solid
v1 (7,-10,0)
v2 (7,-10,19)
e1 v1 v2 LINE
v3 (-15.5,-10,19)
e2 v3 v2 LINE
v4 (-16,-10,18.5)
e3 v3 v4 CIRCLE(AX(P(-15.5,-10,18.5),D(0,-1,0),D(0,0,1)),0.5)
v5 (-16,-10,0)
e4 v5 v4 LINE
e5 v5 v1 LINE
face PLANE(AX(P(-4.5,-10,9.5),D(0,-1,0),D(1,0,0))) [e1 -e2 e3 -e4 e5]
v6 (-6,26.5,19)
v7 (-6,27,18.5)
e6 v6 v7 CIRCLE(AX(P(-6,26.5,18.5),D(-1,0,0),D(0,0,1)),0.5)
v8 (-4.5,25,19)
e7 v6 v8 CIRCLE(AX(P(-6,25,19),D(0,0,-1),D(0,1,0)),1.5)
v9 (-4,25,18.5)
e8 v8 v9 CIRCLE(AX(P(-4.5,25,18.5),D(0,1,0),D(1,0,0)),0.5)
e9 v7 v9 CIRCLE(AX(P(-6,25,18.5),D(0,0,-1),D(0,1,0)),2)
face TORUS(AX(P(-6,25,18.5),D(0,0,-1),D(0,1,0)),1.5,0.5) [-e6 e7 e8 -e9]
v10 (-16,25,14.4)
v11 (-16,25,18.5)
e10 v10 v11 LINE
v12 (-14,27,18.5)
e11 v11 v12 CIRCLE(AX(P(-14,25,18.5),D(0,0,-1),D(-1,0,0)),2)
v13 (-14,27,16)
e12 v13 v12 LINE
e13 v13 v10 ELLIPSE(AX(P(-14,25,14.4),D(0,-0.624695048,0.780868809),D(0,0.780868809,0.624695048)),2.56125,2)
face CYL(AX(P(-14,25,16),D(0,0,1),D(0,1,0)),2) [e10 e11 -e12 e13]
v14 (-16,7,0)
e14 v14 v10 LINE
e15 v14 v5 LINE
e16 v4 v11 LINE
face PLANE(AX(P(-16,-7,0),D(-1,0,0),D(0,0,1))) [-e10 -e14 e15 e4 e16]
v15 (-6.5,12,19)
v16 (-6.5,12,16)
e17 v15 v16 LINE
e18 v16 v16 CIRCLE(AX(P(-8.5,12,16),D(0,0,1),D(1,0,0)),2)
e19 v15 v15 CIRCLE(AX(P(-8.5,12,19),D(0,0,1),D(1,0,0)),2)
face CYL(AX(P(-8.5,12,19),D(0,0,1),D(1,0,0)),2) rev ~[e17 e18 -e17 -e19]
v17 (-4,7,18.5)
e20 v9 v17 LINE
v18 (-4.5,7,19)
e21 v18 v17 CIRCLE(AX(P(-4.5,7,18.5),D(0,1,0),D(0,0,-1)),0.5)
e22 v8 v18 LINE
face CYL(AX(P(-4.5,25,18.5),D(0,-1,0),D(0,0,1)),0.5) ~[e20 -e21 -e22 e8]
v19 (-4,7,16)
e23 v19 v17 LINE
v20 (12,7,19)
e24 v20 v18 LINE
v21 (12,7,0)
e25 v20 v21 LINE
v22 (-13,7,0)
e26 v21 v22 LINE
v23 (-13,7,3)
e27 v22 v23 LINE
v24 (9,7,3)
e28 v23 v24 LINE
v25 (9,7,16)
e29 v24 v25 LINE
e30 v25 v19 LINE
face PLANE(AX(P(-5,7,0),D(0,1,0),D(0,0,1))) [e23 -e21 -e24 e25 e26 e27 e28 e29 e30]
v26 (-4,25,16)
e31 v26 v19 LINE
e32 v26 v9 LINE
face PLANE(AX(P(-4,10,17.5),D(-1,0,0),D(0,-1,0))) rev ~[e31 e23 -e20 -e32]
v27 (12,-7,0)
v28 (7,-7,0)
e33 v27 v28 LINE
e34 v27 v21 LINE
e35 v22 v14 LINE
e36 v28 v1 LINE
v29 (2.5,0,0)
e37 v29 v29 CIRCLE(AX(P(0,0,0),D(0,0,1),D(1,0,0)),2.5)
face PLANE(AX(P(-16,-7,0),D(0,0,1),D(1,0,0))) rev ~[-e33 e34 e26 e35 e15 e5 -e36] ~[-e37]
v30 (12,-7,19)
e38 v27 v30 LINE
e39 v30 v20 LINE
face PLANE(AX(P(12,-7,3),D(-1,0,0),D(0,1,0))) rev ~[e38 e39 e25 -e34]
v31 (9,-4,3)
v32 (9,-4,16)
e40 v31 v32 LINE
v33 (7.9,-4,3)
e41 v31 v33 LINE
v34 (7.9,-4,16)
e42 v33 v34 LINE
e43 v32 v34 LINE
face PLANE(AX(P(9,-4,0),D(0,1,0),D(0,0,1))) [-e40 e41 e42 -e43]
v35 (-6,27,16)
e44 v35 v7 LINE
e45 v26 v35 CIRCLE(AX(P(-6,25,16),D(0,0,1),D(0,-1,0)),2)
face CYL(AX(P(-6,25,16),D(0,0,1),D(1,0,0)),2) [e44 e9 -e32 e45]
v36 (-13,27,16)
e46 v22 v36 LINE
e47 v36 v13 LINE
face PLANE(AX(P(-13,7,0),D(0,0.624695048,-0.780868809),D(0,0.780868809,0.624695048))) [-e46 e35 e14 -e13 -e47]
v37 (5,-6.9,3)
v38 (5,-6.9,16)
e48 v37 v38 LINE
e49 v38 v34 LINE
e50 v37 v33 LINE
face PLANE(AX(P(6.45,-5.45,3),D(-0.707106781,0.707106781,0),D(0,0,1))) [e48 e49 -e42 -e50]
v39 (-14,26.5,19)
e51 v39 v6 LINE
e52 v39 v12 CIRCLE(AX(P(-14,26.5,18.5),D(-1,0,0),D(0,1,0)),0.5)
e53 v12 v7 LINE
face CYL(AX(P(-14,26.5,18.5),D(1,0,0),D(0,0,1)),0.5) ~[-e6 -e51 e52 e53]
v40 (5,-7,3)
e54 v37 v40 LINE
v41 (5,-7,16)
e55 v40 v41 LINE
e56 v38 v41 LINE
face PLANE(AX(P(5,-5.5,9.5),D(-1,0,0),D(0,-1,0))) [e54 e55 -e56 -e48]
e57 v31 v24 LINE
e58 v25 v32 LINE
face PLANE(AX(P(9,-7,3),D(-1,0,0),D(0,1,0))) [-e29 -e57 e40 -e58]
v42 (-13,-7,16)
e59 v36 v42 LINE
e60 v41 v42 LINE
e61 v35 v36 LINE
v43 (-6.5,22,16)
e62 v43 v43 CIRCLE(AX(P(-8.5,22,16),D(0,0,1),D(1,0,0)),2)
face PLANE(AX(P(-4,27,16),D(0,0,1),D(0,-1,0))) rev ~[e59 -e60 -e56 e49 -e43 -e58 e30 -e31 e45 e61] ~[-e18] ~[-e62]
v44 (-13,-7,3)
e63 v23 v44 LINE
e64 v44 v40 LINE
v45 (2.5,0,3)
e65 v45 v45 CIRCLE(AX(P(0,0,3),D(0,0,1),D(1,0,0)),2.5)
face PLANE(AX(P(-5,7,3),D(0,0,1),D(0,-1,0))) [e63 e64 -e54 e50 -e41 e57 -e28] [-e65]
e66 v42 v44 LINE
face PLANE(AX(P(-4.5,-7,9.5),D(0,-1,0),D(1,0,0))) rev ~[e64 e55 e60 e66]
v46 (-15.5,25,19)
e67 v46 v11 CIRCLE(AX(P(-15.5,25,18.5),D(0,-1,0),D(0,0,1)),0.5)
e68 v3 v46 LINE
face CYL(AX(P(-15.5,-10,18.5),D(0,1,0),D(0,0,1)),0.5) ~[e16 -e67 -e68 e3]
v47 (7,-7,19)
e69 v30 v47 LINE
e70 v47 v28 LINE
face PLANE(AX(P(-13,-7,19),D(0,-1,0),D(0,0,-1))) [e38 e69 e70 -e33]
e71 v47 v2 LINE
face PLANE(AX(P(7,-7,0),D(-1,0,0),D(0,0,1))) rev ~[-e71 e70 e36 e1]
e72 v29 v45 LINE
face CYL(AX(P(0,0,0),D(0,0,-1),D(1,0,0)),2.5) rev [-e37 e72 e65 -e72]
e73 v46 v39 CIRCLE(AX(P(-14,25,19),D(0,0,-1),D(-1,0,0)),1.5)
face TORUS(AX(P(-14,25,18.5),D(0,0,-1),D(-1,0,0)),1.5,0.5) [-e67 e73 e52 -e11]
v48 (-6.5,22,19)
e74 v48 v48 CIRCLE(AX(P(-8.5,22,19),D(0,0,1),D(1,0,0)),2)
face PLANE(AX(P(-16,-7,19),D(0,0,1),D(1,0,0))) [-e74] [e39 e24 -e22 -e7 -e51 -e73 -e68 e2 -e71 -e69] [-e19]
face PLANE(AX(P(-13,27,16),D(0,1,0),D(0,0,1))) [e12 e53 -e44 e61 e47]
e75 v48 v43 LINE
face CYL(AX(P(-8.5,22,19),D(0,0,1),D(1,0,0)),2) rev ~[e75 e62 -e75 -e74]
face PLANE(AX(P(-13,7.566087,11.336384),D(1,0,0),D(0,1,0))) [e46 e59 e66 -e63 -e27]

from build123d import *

# Parameters (mm, degrees)
SKETCH_W     = 17
SKETCH_H     = 14
SKETCH_R     = 2.5
PAD_DEPTH    = 3
SKETCH001_W  = 3
SKETCH001_H  = 14
PAD001_DEPTH = 16
SKETCH002_W  = 14
SKETCH002_H  = 3
PAD002_DEPTH = 13
SKETCH003_W  = 34
SKETCH003_H  = 3
PAD003_DEPTH = 9
SKETCH004_W  = 14
SKETCH004_H  = 3
PAD004_DEPTH = 8
SKETCH006_R  = 2
POCKET_DEPTH = 19.001
PAD005_DEPTH = 3
SKETCH008_W  = 23
SKETCH008_H  = 19
PAD006_DEPTH = 3
SKETCH009_W  = 3
SKETCH009_H  = 19
PAD007_DEPTH = 4
CHAMFER_SIZE = 2.9
FILLET_R     = 2
FILLET001_R  = 2
FILLET002_R  = 0.5


with BuildPart() as part:
    # Sketch → Pad (new body)
    with BuildSketch(Plane.XY):
        with Locations((3.5, 0)):
            Rectangle(SKETCH_W, SKETCH_H)
        Circle(SKETCH_R, mode=Mode.SUBTRACT)
    extrude(amount=PAD_DEPTH)

    # Sketch001 (on Face7 of Pad) → Pad001 (join)
    with BuildSketch(Plane.XY.offset(3)):
        with Locations((10.5, 0)):
            Rectangle(SKETCH001_W, SKETCH001_H)
    extrude(amount=PAD001_DEPTH)

    # Sketch002 (on Face10 of Pad001) → Pad002 (join)
    with BuildSketch(Plane(origin=(9, 0, 0), x_dir=(0, -1, 0), z_dir=(-1, 0, 0))):
        with Locations((0, 17.5)):
            Rectangle(SKETCH002_W, SKETCH002_H)
    extrude(amount=PAD002_DEPTH)

    # Sketch003 (on Face16 of Pad002) → Pad003 (join)
    with BuildSketch(Plane(origin=(-4, 0, 0), x_dir=(0, -1, 0), z_dir=(-1, 0, 0))):
        with Locations((-10, 17.5)):
            Rectangle(SKETCH003_W, SKETCH003_H)
    extrude(amount=PAD003_DEPTH)

    # Sketch004 (on Face2 of Pad003) → Pad004 (join)
    with BuildSketch(Plane(origin=(-5, 0, 0), x_dir=(0, -1, 0), z_dir=(-1, 0, 0))):
        with Locations((0, 1.5)):
            Rectangle(SKETCH004_W, SKETCH004_H)
    extrude(amount=PAD004_DEPTH)

    # Sketch006 → Pocket (cut, through all)
    with BuildSketch(Plane.XY.offset(19)):
        with Locations((-8.5, 22)):
            Circle(SKETCH006_R)
        with Locations((-8.5, 12)):
            Circle(SKETCH006_R)
    extrude(amount=-POCKET_DEPTH, mode=Mode.SUBTRACT)

    # Sketch007 (on Face26 of Pocket) → Pad005 (join)
    with BuildSketch(Plane(origin=(-13, 0, 0), x_dir=(0, -1, 0), z_dir=(-1, 0, 0))):
        Polygon((-27, 19), (7, 19), (7, 0), (-7, 0), (-27, 16), align=None)
    extrude(amount=PAD005_DEPTH)

    # Sketch008 (on Face10 of Pad005) → Pad006 (join)
    with BuildSketch(Plane.XZ.offset(7)):
        with Locations((-4.5, 9.5)):
            Rectangle(SKETCH008_W, SKETCH008_H)
    extrude(amount=PAD006_DEPTH)

    # Sketch009 (on Face15 of Pad006) → Pad007 (join)
    with BuildSketch(Plane(origin=(9, 0, 0), x_dir=(0, -1, 0), z_dir=(-1, 0, 0))):
        with Locations((5.5, 9.5)):
            Rectangle(SKETCH009_W, SKETCH009_H)
    extrude(amount=PAD007_DEPTH)

    # Chamfer
    chamfer_edges = [part.edges().sort_by_distance(p)[0] for p in [
        (5, -4, 9.5),
    ]]
    chamfer(chamfer_edges, length=CHAMFER_SIZE)

    # Fillet
    fillet_edges = [part.edges().sort_by_distance(p)[0] for p in [
        (-4, 27, 17.5),
    ]]
    fillet(fillet_edges, radius=FILLET_R)

    # Fillet001
    fillet001_edges = [part.edges().sort_by_distance(p)[0] for p in [
        (-16, 27, 17.5),
    ]]
    fillet(fillet001_edges, radius=FILLET001_R)

    # Fillet002
    fillet002_edges = [part.edges().sort_by_distance(p)[0] for p in [
        (-16, 9, 19),
    ]]
    fillet(fillet002_edges, radius=FILLET002_R)


solid = part.part
